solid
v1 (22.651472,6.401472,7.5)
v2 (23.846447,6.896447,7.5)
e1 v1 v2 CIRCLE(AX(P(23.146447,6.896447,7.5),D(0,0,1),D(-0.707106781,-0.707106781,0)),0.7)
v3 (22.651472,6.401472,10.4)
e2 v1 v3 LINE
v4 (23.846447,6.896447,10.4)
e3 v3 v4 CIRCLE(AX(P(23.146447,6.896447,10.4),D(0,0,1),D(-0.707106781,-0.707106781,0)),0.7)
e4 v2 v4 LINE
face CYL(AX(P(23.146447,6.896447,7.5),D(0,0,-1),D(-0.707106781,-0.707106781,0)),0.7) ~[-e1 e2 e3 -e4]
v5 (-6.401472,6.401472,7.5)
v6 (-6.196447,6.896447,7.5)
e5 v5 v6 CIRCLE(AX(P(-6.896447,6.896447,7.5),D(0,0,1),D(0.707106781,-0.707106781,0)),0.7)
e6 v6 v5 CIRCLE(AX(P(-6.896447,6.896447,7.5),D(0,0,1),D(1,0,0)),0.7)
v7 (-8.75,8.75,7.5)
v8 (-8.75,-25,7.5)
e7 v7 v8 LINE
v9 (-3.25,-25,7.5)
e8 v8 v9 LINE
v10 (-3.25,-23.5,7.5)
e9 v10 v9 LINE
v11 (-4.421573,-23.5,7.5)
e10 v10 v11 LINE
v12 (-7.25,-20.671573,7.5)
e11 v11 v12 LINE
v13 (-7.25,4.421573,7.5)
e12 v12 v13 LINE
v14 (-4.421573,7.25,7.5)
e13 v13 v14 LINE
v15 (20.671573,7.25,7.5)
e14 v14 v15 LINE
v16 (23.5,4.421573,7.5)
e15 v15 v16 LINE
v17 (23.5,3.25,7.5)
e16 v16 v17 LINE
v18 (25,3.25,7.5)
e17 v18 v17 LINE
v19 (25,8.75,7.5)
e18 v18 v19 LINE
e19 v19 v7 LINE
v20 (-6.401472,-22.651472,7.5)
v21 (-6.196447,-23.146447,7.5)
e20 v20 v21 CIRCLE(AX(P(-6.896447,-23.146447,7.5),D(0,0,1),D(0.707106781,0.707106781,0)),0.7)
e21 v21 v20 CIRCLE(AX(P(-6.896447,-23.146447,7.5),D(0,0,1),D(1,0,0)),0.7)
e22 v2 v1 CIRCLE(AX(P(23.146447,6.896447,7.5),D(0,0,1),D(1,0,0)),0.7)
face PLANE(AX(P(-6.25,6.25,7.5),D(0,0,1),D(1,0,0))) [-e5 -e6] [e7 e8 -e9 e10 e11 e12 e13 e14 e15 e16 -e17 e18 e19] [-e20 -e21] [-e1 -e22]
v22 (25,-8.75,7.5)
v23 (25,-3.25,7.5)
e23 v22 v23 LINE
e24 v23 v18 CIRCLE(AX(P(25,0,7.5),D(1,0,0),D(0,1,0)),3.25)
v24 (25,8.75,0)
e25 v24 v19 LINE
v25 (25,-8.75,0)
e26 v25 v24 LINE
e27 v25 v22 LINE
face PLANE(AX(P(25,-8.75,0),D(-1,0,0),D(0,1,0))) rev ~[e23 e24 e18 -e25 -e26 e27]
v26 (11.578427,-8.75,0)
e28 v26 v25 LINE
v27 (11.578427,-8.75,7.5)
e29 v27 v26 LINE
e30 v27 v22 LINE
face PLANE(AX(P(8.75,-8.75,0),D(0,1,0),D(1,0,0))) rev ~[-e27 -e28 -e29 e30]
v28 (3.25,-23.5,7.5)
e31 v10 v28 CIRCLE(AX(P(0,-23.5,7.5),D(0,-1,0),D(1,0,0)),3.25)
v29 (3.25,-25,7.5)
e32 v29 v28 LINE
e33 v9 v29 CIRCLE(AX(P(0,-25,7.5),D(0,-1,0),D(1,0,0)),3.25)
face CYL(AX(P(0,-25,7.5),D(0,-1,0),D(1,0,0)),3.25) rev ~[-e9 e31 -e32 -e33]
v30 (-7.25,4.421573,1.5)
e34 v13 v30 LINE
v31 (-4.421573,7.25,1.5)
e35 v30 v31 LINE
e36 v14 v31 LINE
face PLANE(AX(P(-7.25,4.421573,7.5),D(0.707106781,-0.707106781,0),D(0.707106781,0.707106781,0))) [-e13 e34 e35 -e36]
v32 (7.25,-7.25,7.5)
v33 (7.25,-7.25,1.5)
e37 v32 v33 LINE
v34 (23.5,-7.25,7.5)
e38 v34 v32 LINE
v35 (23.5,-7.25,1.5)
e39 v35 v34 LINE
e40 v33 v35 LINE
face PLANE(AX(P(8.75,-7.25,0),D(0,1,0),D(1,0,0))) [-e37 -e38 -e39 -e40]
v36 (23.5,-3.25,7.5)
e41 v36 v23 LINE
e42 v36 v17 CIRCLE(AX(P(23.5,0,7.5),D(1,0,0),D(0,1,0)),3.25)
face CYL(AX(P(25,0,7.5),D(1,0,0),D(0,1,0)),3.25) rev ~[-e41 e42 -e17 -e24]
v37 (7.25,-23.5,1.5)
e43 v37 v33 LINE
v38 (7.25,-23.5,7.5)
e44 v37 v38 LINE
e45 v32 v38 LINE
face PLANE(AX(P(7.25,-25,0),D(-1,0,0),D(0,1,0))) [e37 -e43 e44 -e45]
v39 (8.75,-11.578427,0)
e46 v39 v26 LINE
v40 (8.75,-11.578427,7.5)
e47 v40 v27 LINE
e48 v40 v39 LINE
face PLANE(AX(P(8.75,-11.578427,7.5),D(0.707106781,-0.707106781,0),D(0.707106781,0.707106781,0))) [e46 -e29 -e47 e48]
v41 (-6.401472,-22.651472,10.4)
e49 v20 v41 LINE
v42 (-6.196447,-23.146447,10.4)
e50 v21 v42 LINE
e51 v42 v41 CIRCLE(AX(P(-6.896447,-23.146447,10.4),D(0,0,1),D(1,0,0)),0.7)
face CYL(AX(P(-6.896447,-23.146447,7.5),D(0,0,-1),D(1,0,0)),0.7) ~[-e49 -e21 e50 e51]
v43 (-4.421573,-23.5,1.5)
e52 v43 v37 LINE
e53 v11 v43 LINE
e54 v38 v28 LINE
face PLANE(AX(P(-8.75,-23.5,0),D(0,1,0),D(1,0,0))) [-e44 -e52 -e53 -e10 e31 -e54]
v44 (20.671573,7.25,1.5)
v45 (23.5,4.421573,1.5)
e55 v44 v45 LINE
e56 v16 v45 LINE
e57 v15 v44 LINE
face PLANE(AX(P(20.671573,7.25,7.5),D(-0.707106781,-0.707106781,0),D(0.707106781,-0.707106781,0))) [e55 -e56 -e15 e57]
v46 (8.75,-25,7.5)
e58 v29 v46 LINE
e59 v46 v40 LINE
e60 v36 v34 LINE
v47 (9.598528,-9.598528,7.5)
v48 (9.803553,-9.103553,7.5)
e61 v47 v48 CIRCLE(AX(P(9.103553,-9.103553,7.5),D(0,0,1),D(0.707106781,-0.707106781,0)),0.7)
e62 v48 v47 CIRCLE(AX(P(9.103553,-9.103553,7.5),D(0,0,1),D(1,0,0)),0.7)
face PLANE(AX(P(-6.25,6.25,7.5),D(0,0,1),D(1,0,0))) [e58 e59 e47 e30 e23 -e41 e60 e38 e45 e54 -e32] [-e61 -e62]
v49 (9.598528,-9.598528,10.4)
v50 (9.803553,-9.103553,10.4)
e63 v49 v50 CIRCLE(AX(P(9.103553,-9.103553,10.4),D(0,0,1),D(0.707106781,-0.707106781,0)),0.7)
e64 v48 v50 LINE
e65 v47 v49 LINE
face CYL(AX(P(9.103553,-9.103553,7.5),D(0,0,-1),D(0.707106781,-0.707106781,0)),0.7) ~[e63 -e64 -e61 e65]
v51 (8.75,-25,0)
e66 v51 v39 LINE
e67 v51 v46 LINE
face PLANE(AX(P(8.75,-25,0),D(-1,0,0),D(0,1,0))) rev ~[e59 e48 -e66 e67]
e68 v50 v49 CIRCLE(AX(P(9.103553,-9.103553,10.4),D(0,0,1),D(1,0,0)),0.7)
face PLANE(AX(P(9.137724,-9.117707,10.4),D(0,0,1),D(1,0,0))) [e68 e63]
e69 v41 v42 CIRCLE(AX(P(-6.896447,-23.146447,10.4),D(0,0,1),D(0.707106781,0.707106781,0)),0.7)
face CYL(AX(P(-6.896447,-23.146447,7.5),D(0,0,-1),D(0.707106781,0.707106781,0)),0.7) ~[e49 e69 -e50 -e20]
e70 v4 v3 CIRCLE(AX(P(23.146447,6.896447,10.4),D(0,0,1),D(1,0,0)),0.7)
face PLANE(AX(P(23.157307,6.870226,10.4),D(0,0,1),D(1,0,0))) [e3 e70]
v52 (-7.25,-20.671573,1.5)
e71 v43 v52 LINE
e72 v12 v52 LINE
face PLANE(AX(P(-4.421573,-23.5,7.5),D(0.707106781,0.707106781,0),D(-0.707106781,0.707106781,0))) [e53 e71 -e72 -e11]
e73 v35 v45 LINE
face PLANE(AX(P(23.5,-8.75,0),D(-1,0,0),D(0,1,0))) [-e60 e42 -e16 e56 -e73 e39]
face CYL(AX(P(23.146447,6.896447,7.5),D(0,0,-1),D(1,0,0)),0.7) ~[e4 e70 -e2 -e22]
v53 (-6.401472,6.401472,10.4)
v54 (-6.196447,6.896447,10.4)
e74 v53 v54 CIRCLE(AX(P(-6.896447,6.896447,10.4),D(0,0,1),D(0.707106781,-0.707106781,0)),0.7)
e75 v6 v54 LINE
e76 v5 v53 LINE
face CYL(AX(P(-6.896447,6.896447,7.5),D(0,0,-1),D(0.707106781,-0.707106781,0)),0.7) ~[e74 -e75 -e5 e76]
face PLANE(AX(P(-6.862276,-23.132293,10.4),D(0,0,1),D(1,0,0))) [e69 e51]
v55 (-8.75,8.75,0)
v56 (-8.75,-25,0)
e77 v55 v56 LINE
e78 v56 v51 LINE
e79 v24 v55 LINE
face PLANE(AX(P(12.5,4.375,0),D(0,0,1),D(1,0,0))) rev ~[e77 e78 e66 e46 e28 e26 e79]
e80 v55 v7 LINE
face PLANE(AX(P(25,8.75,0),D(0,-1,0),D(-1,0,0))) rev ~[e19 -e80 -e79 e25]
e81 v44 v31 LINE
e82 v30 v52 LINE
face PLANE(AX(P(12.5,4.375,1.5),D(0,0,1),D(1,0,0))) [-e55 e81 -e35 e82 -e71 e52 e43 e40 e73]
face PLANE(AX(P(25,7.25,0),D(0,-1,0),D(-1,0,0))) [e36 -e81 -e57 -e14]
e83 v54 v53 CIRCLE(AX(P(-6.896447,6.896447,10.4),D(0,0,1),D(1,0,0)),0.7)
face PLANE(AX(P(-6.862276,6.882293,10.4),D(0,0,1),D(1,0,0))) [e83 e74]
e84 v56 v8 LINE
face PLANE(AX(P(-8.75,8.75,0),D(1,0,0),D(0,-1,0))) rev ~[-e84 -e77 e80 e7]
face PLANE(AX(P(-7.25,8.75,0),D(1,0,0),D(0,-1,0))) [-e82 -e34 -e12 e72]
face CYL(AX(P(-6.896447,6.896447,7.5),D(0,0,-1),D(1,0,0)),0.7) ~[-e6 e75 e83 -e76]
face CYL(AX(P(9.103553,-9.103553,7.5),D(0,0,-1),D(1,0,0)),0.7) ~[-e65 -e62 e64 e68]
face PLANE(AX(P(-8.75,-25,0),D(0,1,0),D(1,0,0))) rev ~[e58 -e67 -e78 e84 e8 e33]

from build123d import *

# Parameters (mm, degrees)
F0_W      = 8.75
F0_H      = 8.75
F1_DEPTH  = 7.5
F2_T      = -1.5
F4_DEPTH  = 7.5
F6_DEPTH  = 2.9
F7_R      = 3.25
F8_DEPTH  = 32.25
F9_R      = 3.25
F10_DEPTH = 32.25


with BuildPart() as f1:
    # F0 (on Top) → F1 (new body)
    with BuildSketch(Plane.XY):
        Polygon((25, 0), (25, 8.75), (8.75, 8.75), (0, 8.75), (0, 0), align=None)
        Polygon((25, -8.75), (25, 0), (0, 0), (0, -25), (8.75, -25), (8.75, -8.75), align=None)
        with Locations((-4.375, 4.375)):
            Rectangle(F0_W, F0_H)
        Polygon((0, -25), (0, 0), (-8.75, 0), (-8.75, -8.75), (-8.75, -25), align=None)
    extrude(amount=F1_DEPTH)

    # F2
    f2_openings = [f1.faces().sort_by_distance(p)[0] for p in [
        (5.484375, -5.484375, 7.5),
    ]]
    offset(amount=F2_T, openings=f2_openings, kind=Kind.INTERSECTION)

    # F3 (on face) → F4 (join, through all)
    with BuildSketch(Plane.XY.offset(7.5)):
        Polygon((-4.4215728753, 7.25), (-7.25, 7.25), (-7.25, 4.4215728753), align=None)
        Polygon((11.5784271247, -8.75), (8.75, -8.75), (8.75, -11.5784271247), align=None)
        Polygon((23.5, 7.25), (20.6715728753, 7.25), (23.5, 4.4215728753), align=None)
        Polygon((-4.4215728753, -23.5), (-7.25, -20.6715728753), (-7.25, -23.5), align=None)
    extrude(amount=-F4_DEPTH)

    # F5 (on face) → F6 (join)
    with BuildSketch(Plane.XY.offset(7.5)):
        with BuildLine():
            ThreePointArc((-6.4014718626, 6.4014718626), (-6.2497309366, 6.6285682068), (-6.1964466094, 6.8964466094))
            ThreePointArc((-6.1964466094, 6.8964466094), (-7.5431622822, 7.1643250121), (-6.4014718626, 6.4014718626))
        make_face()
        with BuildLine():
            ThreePointArc((22.6514718626, 6.4014718626), (23.4143250121, 6.2497309366), (23.8464466094, 6.8964466094))
            ThreePointArc((23.8464466094, 6.8964466094), (22.8785682068, 7.5431622822), (22.6514718626, 6.4014718626))
        make_face()
        with BuildLine():
            ThreePointArc((9.5985281374, -9.5985281374), (9.7502690634, -9.3714317932), (9.8035533906, -9.1035533906))
            ThreePointArc((9.8035533906, -9.1035533906), (8.4568377178, -8.8356749879), (9.5985281374, -9.5985281374))
        make_face()
        with BuildLine():
            ThreePointArc((-6.4014718626, -22.6514718626), (-7.5431622822, -23.4143250121), (-6.1964466094, -23.1464466094))
            ThreePointArc((-6.1964466094, -23.1464466094), (-6.2497309366, -22.8785682068), (-6.4014718626, -22.6514718626))
        make_face()
    extrude(amount=F6_DEPTH)

    # F7 (on face) → F8 (cut, through all)
    with BuildSketch(Plane.XZ.offset(25)):
        with Locations((0, 7.5)):
            Circle(F7_R)
    extrude(amount=-F8_DEPTH, mode=Mode.SUBTRACT)

    # F9 (on face) → F10 (cut, through all)
    with BuildSketch(Plane.YZ.offset(25)):
        with Locations((0, 7.5)):
            Circle(F9_R)
    extrude(amount=-F10_DEPTH, mode=Mode.SUBTRACT)


solid = f1.part
